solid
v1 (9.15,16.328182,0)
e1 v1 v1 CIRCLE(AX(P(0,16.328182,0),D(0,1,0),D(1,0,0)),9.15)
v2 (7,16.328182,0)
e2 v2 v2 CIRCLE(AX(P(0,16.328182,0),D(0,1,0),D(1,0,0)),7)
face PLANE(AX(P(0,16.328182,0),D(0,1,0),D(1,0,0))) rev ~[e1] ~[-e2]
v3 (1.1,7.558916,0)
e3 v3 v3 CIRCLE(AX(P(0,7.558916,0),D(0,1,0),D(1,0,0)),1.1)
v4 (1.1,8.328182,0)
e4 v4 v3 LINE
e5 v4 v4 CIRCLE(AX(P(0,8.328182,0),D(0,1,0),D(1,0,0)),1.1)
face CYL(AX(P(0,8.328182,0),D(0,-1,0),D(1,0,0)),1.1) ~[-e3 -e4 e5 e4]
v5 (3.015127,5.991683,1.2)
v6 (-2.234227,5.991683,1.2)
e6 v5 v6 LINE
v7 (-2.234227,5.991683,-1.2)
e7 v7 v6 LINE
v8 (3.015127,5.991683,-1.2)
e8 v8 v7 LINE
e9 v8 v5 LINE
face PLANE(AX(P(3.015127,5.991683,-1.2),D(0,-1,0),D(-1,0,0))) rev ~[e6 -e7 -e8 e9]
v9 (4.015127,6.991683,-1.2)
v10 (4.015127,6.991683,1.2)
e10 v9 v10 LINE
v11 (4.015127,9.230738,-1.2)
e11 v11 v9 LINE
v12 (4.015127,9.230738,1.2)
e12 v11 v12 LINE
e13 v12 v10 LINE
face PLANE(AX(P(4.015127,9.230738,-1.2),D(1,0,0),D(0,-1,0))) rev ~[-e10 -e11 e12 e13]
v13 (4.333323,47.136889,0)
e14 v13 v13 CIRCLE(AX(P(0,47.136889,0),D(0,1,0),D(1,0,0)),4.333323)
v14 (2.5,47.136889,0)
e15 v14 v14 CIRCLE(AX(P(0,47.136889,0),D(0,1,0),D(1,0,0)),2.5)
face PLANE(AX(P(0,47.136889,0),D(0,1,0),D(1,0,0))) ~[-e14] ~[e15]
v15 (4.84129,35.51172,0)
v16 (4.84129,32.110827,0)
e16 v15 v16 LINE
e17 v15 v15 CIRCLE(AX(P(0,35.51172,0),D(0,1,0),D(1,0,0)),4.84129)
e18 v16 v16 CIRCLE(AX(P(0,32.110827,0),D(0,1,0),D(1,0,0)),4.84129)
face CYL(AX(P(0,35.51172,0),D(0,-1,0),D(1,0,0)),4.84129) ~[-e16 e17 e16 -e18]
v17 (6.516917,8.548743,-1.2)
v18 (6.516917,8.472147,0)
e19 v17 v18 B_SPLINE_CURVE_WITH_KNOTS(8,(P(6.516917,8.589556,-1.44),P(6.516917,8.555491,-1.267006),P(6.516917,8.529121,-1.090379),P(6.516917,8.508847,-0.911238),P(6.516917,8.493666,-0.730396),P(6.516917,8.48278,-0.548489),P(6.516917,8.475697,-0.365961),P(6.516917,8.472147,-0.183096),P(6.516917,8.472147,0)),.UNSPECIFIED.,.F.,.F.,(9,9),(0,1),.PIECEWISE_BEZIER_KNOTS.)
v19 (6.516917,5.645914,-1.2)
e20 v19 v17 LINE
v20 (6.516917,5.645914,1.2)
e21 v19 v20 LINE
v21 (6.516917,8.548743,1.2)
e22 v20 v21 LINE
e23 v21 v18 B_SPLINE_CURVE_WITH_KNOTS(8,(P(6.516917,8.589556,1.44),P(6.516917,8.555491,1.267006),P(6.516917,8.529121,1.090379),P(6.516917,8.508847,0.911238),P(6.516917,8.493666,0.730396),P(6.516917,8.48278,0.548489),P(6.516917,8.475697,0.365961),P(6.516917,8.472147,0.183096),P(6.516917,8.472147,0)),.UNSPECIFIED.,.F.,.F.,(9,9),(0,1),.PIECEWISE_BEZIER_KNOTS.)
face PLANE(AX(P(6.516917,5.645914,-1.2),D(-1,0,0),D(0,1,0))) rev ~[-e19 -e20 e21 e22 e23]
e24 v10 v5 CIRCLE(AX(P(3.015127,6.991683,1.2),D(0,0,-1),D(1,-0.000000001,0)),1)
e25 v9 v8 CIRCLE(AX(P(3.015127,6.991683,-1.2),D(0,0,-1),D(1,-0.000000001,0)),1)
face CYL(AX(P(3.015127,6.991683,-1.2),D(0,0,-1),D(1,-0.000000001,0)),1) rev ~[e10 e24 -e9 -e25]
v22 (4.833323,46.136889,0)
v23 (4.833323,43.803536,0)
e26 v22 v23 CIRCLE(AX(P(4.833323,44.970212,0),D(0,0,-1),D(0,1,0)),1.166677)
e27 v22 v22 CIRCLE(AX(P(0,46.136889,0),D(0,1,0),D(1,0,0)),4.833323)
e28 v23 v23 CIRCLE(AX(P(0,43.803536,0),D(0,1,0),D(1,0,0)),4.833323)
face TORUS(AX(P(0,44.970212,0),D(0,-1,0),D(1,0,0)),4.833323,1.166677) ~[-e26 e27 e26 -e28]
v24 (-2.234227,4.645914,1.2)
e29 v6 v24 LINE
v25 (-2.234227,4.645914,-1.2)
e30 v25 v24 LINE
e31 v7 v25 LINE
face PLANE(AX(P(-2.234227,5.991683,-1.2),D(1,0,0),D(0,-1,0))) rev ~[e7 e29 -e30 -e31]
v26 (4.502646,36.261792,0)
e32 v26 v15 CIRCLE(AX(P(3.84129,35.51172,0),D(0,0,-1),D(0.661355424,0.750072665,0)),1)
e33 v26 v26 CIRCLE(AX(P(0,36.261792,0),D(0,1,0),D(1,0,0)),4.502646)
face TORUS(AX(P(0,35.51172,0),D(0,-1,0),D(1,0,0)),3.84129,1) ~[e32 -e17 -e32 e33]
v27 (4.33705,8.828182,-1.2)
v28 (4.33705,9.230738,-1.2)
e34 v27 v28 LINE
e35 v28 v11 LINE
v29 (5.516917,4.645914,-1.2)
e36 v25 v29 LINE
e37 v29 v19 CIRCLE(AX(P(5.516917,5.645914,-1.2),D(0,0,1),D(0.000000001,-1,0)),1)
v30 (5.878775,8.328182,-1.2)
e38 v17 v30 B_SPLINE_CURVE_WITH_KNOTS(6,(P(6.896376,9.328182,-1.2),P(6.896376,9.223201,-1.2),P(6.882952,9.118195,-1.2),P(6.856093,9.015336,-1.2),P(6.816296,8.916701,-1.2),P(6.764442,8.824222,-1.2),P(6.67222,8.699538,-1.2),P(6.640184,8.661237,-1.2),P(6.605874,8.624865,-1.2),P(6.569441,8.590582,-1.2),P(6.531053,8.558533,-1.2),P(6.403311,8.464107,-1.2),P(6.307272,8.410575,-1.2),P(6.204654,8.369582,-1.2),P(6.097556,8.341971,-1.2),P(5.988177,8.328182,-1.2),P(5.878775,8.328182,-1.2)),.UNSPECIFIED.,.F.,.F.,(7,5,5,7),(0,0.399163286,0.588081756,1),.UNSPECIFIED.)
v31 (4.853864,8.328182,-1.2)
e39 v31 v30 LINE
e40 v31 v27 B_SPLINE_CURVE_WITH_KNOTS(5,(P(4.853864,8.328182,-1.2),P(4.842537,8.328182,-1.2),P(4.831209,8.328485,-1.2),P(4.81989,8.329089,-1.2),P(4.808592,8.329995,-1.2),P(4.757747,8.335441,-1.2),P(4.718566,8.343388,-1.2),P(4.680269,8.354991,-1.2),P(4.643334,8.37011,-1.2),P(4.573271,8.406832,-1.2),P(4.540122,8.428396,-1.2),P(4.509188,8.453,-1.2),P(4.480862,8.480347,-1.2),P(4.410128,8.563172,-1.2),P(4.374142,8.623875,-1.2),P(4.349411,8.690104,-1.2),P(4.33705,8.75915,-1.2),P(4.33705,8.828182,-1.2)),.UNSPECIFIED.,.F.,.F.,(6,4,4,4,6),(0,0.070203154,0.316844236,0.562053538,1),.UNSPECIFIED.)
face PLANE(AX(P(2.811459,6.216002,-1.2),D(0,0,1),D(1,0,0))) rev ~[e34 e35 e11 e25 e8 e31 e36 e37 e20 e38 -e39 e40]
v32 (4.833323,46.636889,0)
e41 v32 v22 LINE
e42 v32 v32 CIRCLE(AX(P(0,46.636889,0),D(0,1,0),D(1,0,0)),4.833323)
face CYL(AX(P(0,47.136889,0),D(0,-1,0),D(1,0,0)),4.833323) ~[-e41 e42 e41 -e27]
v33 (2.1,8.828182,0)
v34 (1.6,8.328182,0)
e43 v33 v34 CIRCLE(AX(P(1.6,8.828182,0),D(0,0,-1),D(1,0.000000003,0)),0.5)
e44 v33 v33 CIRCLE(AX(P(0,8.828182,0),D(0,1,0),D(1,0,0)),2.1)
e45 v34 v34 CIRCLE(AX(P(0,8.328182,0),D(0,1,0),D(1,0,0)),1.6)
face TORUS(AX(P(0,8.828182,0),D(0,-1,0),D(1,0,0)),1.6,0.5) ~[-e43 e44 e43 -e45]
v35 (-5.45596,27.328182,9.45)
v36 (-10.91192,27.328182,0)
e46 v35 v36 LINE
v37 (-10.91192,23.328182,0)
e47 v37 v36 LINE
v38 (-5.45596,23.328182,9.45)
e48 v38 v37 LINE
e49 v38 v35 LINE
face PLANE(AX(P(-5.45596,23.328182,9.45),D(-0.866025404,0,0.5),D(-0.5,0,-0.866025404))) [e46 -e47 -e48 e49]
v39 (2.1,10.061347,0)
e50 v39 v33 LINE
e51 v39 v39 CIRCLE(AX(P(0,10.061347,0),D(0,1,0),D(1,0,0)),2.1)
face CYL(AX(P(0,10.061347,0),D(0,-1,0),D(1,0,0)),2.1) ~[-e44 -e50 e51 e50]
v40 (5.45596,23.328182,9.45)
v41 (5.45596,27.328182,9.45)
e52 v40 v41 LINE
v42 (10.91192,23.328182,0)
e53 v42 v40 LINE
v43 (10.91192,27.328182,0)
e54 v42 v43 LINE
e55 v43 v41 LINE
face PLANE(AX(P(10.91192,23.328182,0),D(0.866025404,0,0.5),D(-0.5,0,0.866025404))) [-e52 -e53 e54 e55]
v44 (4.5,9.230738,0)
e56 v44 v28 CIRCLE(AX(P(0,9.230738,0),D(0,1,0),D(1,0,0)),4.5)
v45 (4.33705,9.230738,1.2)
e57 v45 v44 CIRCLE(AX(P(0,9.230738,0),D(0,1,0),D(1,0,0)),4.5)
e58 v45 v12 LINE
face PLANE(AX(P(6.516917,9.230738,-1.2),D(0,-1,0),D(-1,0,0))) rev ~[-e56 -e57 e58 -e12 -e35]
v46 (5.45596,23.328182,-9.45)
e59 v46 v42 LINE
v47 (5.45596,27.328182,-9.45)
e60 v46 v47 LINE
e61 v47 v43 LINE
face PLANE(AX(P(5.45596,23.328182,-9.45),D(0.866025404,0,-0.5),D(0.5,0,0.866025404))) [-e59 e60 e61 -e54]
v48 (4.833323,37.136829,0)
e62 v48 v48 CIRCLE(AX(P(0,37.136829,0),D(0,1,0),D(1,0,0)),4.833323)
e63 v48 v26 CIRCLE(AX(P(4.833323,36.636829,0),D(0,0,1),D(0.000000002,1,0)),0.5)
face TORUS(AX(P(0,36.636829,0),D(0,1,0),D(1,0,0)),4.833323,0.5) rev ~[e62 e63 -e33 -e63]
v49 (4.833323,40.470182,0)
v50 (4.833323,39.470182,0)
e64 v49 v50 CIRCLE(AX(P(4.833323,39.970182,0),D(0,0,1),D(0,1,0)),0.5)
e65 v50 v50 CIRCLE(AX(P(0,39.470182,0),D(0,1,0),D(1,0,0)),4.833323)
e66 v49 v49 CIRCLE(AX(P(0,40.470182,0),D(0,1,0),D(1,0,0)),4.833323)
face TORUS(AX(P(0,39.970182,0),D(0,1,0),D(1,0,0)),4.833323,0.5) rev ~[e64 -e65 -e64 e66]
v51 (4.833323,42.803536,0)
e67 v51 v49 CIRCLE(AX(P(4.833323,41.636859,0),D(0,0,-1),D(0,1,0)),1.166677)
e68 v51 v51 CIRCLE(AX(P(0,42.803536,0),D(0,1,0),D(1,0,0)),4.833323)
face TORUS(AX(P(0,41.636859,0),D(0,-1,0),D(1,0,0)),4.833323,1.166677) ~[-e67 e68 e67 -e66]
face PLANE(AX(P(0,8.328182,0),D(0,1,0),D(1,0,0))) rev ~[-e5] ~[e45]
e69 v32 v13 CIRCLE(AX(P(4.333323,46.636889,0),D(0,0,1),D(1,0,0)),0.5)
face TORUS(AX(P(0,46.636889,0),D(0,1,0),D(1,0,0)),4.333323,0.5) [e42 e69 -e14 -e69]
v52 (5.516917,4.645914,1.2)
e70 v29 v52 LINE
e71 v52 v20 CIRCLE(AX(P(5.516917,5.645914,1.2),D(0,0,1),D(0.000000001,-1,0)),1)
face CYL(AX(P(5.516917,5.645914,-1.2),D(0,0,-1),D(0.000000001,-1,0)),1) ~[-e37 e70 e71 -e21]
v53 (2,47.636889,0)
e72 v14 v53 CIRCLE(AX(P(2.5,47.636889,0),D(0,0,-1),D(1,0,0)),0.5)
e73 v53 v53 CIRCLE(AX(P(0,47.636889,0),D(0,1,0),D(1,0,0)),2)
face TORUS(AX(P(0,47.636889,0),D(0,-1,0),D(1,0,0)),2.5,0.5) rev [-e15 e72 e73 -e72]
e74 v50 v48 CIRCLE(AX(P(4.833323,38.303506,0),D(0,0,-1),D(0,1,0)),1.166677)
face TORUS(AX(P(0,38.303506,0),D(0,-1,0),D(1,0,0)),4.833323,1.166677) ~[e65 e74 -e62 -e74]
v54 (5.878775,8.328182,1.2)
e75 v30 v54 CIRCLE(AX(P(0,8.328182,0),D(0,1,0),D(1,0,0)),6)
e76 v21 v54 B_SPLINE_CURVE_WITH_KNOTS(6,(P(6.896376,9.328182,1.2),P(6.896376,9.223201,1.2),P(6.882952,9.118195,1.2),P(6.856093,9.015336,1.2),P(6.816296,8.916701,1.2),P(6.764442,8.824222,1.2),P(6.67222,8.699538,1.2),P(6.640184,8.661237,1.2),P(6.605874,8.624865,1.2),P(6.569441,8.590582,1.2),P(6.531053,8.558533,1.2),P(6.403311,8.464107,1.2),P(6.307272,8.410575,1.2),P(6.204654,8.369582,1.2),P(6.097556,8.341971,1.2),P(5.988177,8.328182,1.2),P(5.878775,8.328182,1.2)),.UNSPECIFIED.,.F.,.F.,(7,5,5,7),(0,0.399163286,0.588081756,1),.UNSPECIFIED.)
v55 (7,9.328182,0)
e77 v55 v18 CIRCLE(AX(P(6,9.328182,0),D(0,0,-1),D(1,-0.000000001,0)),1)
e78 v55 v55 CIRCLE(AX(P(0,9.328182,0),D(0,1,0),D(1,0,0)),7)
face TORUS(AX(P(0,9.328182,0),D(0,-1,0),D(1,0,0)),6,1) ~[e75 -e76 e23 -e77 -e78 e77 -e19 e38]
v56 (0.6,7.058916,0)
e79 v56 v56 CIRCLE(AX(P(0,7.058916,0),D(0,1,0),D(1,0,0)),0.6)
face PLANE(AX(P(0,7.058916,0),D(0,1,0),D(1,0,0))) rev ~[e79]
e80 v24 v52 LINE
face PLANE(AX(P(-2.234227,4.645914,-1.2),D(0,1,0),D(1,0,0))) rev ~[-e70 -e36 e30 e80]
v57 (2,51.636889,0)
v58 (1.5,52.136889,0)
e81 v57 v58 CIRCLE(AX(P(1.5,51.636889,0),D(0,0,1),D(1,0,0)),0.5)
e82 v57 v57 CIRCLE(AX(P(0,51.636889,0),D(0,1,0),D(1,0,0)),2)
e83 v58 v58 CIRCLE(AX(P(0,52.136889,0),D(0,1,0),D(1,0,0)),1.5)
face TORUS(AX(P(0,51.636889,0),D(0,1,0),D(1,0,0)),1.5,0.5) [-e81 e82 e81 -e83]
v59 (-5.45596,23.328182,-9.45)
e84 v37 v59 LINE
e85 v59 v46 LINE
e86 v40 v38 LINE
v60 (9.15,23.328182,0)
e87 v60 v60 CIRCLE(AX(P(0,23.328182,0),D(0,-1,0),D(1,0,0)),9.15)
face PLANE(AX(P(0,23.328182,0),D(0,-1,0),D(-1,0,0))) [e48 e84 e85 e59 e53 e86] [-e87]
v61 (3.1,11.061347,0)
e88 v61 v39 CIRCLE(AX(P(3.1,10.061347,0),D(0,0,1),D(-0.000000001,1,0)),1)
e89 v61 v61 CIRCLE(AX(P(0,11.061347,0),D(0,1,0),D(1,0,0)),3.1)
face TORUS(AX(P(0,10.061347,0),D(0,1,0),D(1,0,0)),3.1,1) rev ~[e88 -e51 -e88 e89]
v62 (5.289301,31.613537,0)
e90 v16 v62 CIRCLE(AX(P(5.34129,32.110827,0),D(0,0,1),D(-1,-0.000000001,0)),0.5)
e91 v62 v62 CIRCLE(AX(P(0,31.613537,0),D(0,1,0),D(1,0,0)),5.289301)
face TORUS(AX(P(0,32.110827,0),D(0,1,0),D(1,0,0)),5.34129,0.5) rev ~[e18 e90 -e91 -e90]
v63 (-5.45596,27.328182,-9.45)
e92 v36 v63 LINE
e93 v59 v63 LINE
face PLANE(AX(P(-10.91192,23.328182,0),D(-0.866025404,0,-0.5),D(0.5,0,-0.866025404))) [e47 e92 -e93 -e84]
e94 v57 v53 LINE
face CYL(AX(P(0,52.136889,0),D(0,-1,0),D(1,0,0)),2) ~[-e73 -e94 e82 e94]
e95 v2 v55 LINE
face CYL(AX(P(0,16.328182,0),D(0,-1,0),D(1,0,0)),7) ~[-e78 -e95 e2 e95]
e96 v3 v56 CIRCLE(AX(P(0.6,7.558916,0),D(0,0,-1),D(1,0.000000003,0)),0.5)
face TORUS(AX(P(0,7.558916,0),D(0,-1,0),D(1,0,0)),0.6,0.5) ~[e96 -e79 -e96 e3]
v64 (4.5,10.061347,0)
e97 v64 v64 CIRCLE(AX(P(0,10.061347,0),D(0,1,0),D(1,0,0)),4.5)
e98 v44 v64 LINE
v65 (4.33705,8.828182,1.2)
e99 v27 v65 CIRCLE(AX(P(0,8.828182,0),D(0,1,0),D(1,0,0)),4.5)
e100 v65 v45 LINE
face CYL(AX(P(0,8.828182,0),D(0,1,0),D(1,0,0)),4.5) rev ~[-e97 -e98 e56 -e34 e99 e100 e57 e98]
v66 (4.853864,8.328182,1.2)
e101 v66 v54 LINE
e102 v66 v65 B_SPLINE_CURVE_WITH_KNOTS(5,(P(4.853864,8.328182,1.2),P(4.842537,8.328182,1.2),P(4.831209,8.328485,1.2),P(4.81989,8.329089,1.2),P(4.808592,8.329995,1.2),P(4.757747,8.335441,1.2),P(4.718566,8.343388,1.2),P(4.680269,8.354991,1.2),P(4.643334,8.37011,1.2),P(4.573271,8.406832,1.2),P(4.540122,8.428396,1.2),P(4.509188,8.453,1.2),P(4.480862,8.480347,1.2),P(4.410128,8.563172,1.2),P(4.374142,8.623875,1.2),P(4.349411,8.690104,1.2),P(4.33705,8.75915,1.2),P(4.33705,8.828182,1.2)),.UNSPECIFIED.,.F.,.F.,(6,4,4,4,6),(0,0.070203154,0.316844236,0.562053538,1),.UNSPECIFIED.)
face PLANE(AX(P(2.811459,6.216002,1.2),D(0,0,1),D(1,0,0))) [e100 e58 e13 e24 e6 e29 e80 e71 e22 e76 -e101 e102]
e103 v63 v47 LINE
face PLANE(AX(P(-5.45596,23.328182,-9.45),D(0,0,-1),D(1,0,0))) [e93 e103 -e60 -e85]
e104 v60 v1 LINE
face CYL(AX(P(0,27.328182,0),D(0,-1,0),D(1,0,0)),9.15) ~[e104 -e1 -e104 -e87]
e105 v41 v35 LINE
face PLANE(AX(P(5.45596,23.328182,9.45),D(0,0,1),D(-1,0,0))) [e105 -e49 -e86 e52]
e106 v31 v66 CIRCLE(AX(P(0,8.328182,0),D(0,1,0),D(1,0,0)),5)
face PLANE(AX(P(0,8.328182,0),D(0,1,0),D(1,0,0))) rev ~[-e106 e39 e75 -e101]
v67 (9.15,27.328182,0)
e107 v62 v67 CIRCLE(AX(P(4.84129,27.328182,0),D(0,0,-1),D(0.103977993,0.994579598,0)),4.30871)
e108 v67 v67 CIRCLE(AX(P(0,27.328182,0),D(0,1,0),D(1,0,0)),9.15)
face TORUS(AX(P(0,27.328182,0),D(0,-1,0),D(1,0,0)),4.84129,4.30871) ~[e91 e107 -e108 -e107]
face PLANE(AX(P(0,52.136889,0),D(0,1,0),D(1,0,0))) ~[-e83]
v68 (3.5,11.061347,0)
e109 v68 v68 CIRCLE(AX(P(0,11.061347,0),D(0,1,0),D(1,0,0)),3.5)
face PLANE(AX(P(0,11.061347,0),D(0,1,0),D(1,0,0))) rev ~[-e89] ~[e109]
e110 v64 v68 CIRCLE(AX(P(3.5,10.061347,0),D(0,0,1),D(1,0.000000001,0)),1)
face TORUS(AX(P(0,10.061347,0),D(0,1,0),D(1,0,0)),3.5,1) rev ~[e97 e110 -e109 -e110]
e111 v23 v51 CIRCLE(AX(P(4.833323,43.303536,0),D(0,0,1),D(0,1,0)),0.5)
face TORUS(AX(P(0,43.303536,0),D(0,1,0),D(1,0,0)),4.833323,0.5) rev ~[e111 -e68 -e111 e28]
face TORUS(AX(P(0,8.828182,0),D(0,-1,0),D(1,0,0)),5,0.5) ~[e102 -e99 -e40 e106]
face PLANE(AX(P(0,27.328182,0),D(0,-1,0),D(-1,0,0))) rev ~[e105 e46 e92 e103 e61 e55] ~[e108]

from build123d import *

# Parameters (mm, degrees)
BOSS_EXTRUDE1_DEPTH      = 4
FILLET1_R                = 0.5
BOSS_EXTRUDE2_DEPTH      = 1.2
BOSS_EXTRUDE2_DEPTH_BACK = 1.2


with BuildPart() as part:
    # Sketch1 → Revolve2 (revolve)
    with BuildSketch(Plane.XY, mode=Mode.PRIVATE) as revolve2_sk:
        with BuildLine():
            Line((-4.841290149, 35.511719828), (-4.841290149, 32.110827162))
            ThreePointArc((-4.841290149, 32.110827162), (-4.969810339, 31.776159042), (-5.289301152, 31.613537363))
            ThreePointArc((-5.289301152, 31.613537363), (-8.042487581, 30.212158106), (-9.15, 27.328182451))
            Line((-9.15, 27.328182451), (-9.15, 16.328182451))
            Line((-9.15, 16.328182451), (-7, 16.328182451))
            Line((-7, 16.328182451), (-7, 9.328182451))
            ThreePointArc((-7, 9.328182451), (-6.707106781, 8.62107567), (-6, 8.328182451))
            Line((-6, 8.328182451), (-5, 8.328182451))
            ThreePointArc((-5, 8.328182451), (-4.646446609, 8.47462906), (-4.5, 8.828182451))
            Line((-4.5, 8.828182451), (-4.5, 10.06134659))
            ThreePointArc((-4.5, 10.06134659), (-4.207106781, 10.768453371), (-3.5, 11.06134659))
            Line((-3.5, 11.06134659), (-3.1, 11.06134659))
            ThreePointArc((-3.1, 11.06134659), (-2.392893219, 10.768453371), (-2.1, 10.06134659))
            Line((-2.1, 10.06134659), (-2.1, 8.828182451))
            ThreePointArc((-2.1, 8.828182451), (-1.953553391, 8.47462906), (-1.6, 8.328182451))
            Line((-1.6, 8.328182451), (-1.1, 8.328182451))
            Line((-1.1, 8.328182451), (-1.1, 7.558915529))
            ThreePointArc((-1.1, 7.558915529), (-0.953553391, 7.205362138), (-0.6, 7.058915529))
            Line((-0.6, 7.058915529), (0, 7.058915529))
            Line((0, 7.058915529), (0, 52.136889129))
            Line((0, 52.136889129), (-2, 52.136889129))
            Line((-2, 52.136889129), (-2, 47.136889129))
            Line((-2, 47.136889129), (-4.833323283, 47.136889129))
            Line((-4.833323283, 47.136889129), (-4.833323283, 46.136889129))
            ThreePointArc((-4.833323283, 46.136889129), (-6, 44.970212412), (-4.833323283, 43.803535695))
            ThreePointArc((-4.833323283, 43.803535695), (-4.333323283, 43.303535695), (-4.833323283, 42.803535695))
            ThreePointArc((-4.833323283, 42.803535695), (-6, 41.636858978), (-4.833323283, 40.470182261))
            ThreePointArc((-4.833323283, 40.470182261), (-4.333323283, 39.970182261), (-4.833323283, 39.470182261))
            ThreePointArc((-4.833323283, 39.470182261), (-6, 38.303505544), (-4.833323283, 37.136828827))
            ThreePointArc((-4.833323283, 37.136828827), (-4.365606399, 36.81357983), (-4.502645572, 36.261792494))
            ThreePointArc((-4.502645572, 36.261792494), (-4.752705373, 35.923207724), (-4.841290149, 35.511719828))
        make_face()
    revolve(revolve2_sk.sketch.rotate(Axis((0, 7.058915529, 0), (0, 1, 0)), 180), axis=Axis((0, 7.058915529, 0), (0, 1, 0)))

    # Sketch2 → Boss-Extrude1 (add)
    with BuildSketch(Plane(origin=(0, 23.328182451, 0), x_dir=(-1, 0, 0), z_dir=(0, -1, 0))):
        Polygon((10.911920088, 0), (5.455960044, 9.45), (-5.455960044, 9.45), (-10.911920088, 0), (-5.455960044, -9.45), (5.455960044, -9.45), align=None)
    extrude(amount=-BOSS_EXTRUDE1_DEPTH)

    # Fillet1
    fillet1_edges = [part.edges().sort_by_distance(p)[0] for p in [
        (-4.833323283, 47.136889129, 0),
        (-2, 47.136889129, 0),
        (-2, 52.136889129, 0),
    ]]
    fillet(fillet1_edges, radius=FILLET1_R)

    # Sketch3 → Boss-Extrude2 (add, two sides: drawn at the far end of the back side and taken through both)
    with BuildSketch(Plane.XY.offset(-BOSS_EXTRUDE2_DEPTH_BACK)):
        with BuildLine():
            Line((6.516917269, 5.645914404), (6.516917269, 9.230737522))
            Line((6.516917269, 9.230737522), (4.015126643, 9.230737522))
            Line((4.015126643, 9.230737522), (4.015126643, 6.99168258))
            ThreePointArc((4.015126643, 6.99168258), (3.722233424, 6.284575799), (3.015126643, 5.99168258))
            Line((3.015126643, 5.99168258), (-2.234227104, 5.99168258))
            Line((-2.234227104, 5.99168258), (-2.234227104, 4.645914404))
            Line((-2.234227104, 4.645914404), (5.516917269, 4.645914404))
            ThreePointArc((5.516917269, 4.645914404), (6.22402405, 4.938807623), (6.516917269, 5.645914404))
        make_face()
    extrude(amount=BOSS_EXTRUDE2_DEPTH + BOSS_EXTRUDE2_DEPTH_BACK)


solid = part.part
